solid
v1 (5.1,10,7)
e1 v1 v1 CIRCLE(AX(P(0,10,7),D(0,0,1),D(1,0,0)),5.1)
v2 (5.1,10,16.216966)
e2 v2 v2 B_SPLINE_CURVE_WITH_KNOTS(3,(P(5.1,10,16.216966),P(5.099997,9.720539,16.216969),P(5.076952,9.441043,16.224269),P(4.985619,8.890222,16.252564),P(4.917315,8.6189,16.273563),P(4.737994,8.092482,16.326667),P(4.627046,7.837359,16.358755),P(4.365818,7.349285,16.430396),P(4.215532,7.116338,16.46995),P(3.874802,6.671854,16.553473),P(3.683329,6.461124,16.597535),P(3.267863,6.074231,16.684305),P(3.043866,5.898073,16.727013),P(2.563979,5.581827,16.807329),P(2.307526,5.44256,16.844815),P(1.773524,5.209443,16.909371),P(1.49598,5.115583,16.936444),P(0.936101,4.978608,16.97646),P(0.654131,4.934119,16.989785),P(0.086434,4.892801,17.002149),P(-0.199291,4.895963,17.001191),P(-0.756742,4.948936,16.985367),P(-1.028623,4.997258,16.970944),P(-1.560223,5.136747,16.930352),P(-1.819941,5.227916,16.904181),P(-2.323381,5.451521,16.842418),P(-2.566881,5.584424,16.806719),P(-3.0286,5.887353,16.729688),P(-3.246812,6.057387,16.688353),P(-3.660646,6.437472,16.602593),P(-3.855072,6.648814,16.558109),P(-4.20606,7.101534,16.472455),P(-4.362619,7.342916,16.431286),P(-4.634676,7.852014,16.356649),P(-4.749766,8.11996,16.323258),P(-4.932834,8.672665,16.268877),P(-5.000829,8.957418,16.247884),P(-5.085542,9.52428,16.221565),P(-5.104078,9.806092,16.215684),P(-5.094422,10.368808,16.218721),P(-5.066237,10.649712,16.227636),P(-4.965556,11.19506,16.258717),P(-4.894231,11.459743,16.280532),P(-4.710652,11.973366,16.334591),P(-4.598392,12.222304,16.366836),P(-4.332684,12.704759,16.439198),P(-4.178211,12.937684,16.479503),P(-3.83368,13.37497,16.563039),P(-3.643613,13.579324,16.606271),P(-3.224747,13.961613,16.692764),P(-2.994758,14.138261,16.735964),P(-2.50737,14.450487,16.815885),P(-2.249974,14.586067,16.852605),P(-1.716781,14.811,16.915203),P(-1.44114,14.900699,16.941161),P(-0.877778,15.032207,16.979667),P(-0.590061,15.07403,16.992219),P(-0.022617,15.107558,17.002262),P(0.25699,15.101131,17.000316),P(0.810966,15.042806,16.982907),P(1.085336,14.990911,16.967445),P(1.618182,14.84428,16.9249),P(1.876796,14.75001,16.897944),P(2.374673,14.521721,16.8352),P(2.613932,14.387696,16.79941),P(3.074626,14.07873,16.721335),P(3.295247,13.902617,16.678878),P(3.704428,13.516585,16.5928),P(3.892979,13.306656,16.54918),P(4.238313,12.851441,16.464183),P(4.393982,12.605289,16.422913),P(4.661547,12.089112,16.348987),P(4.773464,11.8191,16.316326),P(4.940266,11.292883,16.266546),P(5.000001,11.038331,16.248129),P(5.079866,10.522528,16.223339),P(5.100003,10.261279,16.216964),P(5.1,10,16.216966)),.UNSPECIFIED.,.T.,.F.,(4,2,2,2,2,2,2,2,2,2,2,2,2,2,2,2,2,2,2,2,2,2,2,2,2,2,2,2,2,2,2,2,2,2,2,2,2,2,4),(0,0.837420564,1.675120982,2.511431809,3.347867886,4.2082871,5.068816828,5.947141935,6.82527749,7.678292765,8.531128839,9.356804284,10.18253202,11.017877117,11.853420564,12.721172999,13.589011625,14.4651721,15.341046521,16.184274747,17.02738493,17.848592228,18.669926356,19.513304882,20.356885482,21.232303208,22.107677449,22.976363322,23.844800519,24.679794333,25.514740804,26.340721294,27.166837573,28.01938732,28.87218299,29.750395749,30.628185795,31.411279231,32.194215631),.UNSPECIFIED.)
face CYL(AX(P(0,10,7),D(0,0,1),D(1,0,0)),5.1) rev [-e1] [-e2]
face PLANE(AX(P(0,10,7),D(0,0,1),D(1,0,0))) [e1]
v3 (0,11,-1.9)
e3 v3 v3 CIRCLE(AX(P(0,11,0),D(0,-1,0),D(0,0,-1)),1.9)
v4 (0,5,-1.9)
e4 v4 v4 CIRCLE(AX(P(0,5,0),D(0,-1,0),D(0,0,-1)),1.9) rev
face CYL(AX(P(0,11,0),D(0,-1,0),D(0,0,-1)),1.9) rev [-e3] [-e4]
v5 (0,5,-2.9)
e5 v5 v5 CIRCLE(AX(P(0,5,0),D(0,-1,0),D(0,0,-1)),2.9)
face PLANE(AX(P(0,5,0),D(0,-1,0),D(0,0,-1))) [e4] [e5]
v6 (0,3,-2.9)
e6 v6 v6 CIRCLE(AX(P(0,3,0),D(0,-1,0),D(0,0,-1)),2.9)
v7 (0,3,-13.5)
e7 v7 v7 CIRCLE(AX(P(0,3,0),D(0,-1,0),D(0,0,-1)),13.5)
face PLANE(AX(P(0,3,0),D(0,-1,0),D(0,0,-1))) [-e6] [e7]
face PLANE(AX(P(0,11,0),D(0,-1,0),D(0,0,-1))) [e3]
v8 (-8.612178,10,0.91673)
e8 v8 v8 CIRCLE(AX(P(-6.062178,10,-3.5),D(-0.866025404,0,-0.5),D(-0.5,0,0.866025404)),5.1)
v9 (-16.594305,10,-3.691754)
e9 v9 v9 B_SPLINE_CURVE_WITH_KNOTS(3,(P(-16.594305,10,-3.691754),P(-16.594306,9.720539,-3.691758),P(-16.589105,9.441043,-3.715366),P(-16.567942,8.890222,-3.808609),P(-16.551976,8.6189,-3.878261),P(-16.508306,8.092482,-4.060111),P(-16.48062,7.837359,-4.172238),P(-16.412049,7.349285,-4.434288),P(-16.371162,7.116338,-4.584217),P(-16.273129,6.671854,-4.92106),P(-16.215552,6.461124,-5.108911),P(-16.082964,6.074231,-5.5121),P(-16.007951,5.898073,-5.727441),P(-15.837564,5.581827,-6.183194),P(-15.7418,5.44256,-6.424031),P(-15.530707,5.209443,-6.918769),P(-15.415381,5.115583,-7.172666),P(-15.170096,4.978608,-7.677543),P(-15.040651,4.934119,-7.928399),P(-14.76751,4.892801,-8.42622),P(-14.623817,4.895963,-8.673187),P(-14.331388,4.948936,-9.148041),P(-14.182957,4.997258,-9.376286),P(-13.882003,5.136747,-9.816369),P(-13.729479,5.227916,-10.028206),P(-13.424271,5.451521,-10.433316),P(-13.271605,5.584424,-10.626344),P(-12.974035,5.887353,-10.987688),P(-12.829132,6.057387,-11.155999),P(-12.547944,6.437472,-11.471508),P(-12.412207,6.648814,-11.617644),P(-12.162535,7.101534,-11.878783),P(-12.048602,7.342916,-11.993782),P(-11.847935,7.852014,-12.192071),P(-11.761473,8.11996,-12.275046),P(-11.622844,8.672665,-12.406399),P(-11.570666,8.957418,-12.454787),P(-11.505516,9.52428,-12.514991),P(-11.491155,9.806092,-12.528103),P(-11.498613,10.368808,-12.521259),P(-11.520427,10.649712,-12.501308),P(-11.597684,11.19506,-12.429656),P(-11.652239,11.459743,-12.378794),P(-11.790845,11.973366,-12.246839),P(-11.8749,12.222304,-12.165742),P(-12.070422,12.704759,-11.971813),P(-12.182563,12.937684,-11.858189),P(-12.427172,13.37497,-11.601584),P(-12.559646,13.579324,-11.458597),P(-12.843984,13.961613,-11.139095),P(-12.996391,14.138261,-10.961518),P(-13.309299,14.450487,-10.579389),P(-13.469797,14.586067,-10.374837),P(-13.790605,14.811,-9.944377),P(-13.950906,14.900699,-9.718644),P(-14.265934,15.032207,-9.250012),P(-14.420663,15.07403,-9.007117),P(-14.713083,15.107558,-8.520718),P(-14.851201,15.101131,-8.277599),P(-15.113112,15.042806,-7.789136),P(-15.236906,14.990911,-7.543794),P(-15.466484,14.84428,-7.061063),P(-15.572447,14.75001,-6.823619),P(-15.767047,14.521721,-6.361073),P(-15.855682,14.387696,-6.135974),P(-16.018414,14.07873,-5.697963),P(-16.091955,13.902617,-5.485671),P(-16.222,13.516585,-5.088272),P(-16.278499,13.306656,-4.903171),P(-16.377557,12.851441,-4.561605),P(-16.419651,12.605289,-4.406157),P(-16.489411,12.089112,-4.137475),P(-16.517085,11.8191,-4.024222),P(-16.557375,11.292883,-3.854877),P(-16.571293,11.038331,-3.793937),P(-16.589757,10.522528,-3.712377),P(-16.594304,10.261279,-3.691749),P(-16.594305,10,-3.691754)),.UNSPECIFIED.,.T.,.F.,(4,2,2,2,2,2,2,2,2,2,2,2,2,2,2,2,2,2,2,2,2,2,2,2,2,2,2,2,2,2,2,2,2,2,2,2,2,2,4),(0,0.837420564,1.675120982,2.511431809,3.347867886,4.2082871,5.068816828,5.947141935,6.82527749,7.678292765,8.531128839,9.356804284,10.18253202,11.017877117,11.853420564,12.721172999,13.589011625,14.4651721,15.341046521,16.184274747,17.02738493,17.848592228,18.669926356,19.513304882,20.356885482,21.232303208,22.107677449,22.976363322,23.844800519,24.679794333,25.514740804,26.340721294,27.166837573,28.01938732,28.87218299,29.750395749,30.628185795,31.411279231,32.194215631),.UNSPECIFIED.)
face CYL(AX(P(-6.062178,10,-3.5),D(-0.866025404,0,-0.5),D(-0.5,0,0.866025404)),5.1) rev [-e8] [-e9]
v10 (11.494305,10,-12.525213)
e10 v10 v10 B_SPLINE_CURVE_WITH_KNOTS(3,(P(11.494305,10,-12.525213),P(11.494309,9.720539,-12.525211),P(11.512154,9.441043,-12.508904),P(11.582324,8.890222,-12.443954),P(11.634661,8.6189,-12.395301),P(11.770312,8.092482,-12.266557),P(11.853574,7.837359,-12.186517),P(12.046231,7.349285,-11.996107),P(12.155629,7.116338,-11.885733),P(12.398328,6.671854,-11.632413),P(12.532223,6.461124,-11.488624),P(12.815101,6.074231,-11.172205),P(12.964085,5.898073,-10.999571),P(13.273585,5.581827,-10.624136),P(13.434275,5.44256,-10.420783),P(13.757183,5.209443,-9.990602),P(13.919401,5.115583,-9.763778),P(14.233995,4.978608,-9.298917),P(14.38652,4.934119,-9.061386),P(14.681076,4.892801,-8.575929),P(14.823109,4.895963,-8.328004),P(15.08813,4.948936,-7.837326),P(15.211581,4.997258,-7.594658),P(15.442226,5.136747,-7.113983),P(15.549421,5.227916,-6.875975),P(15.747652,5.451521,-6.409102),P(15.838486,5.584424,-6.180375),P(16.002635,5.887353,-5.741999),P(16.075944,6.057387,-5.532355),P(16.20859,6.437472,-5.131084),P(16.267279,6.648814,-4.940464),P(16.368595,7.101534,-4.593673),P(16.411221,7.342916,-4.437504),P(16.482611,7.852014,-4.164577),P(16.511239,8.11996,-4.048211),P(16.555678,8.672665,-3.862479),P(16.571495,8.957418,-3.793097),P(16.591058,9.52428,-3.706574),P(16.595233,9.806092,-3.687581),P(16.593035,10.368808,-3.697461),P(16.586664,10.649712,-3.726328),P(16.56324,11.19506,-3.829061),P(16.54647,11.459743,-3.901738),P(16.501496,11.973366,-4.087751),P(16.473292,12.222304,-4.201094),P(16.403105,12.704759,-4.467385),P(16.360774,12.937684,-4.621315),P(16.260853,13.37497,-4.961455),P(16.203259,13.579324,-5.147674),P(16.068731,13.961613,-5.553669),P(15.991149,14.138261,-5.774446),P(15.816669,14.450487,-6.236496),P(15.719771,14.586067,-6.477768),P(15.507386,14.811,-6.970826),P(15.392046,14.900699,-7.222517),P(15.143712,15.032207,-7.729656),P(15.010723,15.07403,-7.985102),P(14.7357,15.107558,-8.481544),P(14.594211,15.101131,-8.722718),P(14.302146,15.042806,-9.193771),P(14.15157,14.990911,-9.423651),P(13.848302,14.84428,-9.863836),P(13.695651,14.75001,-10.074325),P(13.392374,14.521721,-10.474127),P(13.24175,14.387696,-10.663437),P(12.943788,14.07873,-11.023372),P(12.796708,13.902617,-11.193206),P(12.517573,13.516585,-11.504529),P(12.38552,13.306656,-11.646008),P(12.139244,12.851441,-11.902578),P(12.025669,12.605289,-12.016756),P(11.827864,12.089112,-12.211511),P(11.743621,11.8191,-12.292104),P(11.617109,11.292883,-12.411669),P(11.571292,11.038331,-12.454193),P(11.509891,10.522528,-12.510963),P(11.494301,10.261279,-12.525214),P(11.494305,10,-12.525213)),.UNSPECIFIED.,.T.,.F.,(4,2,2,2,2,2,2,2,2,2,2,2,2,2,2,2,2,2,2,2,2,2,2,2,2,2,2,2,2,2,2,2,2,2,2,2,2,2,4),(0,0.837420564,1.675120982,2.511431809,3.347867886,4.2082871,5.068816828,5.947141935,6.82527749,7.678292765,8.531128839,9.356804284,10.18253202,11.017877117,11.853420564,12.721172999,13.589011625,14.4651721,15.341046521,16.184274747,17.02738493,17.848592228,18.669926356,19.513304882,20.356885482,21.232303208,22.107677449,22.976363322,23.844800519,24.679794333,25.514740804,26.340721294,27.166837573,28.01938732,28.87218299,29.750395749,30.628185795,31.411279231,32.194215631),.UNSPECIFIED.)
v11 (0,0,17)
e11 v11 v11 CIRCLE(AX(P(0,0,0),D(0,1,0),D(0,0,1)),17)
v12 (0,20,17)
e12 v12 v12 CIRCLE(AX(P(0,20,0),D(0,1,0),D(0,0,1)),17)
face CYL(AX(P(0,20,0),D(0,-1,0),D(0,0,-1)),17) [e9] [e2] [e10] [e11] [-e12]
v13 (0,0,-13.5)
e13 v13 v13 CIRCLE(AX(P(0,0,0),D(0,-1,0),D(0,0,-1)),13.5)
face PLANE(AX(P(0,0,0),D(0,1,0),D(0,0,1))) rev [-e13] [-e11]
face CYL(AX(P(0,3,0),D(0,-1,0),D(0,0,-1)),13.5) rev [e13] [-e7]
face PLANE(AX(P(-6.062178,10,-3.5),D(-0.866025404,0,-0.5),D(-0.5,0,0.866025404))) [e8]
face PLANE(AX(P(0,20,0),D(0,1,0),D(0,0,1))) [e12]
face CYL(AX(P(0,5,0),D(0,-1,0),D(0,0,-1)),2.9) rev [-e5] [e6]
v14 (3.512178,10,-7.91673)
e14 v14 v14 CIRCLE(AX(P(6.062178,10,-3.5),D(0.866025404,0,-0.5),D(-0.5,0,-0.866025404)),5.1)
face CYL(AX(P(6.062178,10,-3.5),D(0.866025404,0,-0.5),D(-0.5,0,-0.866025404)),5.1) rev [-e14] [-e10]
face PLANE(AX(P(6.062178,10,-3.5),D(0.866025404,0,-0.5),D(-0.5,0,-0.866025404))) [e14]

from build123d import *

# Parameters (mm, degrees)
CIRKEL_R                   = 17
CILINDER_DEPTH             = 20
CIRKEL_GAT_R               = 5.1
OPENING_DEPTH              = 10
GATEN_PATROON_COUNT        = 3
CIRKEL1_R                  = 13.5
OPENING_OPZET_DEPTH        = 3
CIRKEL2_R                  = 1.9
GAT_VERLOOPSTUK_DEPTH      = 8
CIRKEL3_R                  = 2.9
GAT_VERLOOPSTUK_RAND_DEPTH = 2


with BuildPart() as part:
    # cirkel → cilinder (new body)
    with BuildSketch(Plane(origin=(0, 0, 0), x_dir=(1, 0, 0), z_dir=(0, 1, 0))):
        with Locations(Location((0, 0, 0), (0, 0, 270))):
            Circle(CIRKEL_R)
    extrude(amount=CILINDER_DEPTH)

    # cirkel_gat → opening (cut)
    with BuildSketch(Plane.XY.offset(17)):
        with Locations((0, 10)):
            Circle(CIRKEL_GAT_R)
    opening = extrude(amount=-OPENING_DEPTH, mode=Mode.SUBTRACT)

    # gaten_patroon: opening ×3 about axis
    gaten_patroon_axis = Axis((0, 0, 0), (0, 1, 0))
    for i in range(1, GATEN_PATROON_COUNT):
        add(opening.rotate(gaten_patroon_axis, i * 360 / GATEN_PATROON_COUNT), mode=Mode.SUBTRACT)

    # cirkel1 → opening_opzet (cut)
    with BuildSketch(Plane(origin=(0, 0, 0), x_dir=(-1, 0, 0), z_dir=(0, -1, 0))):
        with Locations(Location((0, 0, 0), (0, 0, 90))):
            Circle(CIRKEL1_R)
    extrude(amount=-OPENING_OPZET_DEPTH, mode=Mode.SUBTRACT)

    # cirkel2 → gat_verloopstuk (cut)
    with BuildSketch(Plane(origin=(0, 3, 0), x_dir=(-1, 0, 0), z_dir=(0, -1, 0))):
        with Locations(Location((0, 0, 0), (0, 0, 90))):
            Circle(CIRKEL2_R)
    extrude(amount=-GAT_VERLOOPSTUK_DEPTH, mode=Mode.SUBTRACT)

    # cirkel3 → gat_verloopstuk_rand (cut)
    with BuildSketch(Plane.XZ.offset(-3)):
        with Locations(Location((0, 0, 0), (0, 0, 270))):
            Circle(CIRKEL3_R)
    extrude(amount=-GAT_VERLOOPSTUK_RAND_DEPTH, mode=Mode.SUBTRACT)


solid = part.part
